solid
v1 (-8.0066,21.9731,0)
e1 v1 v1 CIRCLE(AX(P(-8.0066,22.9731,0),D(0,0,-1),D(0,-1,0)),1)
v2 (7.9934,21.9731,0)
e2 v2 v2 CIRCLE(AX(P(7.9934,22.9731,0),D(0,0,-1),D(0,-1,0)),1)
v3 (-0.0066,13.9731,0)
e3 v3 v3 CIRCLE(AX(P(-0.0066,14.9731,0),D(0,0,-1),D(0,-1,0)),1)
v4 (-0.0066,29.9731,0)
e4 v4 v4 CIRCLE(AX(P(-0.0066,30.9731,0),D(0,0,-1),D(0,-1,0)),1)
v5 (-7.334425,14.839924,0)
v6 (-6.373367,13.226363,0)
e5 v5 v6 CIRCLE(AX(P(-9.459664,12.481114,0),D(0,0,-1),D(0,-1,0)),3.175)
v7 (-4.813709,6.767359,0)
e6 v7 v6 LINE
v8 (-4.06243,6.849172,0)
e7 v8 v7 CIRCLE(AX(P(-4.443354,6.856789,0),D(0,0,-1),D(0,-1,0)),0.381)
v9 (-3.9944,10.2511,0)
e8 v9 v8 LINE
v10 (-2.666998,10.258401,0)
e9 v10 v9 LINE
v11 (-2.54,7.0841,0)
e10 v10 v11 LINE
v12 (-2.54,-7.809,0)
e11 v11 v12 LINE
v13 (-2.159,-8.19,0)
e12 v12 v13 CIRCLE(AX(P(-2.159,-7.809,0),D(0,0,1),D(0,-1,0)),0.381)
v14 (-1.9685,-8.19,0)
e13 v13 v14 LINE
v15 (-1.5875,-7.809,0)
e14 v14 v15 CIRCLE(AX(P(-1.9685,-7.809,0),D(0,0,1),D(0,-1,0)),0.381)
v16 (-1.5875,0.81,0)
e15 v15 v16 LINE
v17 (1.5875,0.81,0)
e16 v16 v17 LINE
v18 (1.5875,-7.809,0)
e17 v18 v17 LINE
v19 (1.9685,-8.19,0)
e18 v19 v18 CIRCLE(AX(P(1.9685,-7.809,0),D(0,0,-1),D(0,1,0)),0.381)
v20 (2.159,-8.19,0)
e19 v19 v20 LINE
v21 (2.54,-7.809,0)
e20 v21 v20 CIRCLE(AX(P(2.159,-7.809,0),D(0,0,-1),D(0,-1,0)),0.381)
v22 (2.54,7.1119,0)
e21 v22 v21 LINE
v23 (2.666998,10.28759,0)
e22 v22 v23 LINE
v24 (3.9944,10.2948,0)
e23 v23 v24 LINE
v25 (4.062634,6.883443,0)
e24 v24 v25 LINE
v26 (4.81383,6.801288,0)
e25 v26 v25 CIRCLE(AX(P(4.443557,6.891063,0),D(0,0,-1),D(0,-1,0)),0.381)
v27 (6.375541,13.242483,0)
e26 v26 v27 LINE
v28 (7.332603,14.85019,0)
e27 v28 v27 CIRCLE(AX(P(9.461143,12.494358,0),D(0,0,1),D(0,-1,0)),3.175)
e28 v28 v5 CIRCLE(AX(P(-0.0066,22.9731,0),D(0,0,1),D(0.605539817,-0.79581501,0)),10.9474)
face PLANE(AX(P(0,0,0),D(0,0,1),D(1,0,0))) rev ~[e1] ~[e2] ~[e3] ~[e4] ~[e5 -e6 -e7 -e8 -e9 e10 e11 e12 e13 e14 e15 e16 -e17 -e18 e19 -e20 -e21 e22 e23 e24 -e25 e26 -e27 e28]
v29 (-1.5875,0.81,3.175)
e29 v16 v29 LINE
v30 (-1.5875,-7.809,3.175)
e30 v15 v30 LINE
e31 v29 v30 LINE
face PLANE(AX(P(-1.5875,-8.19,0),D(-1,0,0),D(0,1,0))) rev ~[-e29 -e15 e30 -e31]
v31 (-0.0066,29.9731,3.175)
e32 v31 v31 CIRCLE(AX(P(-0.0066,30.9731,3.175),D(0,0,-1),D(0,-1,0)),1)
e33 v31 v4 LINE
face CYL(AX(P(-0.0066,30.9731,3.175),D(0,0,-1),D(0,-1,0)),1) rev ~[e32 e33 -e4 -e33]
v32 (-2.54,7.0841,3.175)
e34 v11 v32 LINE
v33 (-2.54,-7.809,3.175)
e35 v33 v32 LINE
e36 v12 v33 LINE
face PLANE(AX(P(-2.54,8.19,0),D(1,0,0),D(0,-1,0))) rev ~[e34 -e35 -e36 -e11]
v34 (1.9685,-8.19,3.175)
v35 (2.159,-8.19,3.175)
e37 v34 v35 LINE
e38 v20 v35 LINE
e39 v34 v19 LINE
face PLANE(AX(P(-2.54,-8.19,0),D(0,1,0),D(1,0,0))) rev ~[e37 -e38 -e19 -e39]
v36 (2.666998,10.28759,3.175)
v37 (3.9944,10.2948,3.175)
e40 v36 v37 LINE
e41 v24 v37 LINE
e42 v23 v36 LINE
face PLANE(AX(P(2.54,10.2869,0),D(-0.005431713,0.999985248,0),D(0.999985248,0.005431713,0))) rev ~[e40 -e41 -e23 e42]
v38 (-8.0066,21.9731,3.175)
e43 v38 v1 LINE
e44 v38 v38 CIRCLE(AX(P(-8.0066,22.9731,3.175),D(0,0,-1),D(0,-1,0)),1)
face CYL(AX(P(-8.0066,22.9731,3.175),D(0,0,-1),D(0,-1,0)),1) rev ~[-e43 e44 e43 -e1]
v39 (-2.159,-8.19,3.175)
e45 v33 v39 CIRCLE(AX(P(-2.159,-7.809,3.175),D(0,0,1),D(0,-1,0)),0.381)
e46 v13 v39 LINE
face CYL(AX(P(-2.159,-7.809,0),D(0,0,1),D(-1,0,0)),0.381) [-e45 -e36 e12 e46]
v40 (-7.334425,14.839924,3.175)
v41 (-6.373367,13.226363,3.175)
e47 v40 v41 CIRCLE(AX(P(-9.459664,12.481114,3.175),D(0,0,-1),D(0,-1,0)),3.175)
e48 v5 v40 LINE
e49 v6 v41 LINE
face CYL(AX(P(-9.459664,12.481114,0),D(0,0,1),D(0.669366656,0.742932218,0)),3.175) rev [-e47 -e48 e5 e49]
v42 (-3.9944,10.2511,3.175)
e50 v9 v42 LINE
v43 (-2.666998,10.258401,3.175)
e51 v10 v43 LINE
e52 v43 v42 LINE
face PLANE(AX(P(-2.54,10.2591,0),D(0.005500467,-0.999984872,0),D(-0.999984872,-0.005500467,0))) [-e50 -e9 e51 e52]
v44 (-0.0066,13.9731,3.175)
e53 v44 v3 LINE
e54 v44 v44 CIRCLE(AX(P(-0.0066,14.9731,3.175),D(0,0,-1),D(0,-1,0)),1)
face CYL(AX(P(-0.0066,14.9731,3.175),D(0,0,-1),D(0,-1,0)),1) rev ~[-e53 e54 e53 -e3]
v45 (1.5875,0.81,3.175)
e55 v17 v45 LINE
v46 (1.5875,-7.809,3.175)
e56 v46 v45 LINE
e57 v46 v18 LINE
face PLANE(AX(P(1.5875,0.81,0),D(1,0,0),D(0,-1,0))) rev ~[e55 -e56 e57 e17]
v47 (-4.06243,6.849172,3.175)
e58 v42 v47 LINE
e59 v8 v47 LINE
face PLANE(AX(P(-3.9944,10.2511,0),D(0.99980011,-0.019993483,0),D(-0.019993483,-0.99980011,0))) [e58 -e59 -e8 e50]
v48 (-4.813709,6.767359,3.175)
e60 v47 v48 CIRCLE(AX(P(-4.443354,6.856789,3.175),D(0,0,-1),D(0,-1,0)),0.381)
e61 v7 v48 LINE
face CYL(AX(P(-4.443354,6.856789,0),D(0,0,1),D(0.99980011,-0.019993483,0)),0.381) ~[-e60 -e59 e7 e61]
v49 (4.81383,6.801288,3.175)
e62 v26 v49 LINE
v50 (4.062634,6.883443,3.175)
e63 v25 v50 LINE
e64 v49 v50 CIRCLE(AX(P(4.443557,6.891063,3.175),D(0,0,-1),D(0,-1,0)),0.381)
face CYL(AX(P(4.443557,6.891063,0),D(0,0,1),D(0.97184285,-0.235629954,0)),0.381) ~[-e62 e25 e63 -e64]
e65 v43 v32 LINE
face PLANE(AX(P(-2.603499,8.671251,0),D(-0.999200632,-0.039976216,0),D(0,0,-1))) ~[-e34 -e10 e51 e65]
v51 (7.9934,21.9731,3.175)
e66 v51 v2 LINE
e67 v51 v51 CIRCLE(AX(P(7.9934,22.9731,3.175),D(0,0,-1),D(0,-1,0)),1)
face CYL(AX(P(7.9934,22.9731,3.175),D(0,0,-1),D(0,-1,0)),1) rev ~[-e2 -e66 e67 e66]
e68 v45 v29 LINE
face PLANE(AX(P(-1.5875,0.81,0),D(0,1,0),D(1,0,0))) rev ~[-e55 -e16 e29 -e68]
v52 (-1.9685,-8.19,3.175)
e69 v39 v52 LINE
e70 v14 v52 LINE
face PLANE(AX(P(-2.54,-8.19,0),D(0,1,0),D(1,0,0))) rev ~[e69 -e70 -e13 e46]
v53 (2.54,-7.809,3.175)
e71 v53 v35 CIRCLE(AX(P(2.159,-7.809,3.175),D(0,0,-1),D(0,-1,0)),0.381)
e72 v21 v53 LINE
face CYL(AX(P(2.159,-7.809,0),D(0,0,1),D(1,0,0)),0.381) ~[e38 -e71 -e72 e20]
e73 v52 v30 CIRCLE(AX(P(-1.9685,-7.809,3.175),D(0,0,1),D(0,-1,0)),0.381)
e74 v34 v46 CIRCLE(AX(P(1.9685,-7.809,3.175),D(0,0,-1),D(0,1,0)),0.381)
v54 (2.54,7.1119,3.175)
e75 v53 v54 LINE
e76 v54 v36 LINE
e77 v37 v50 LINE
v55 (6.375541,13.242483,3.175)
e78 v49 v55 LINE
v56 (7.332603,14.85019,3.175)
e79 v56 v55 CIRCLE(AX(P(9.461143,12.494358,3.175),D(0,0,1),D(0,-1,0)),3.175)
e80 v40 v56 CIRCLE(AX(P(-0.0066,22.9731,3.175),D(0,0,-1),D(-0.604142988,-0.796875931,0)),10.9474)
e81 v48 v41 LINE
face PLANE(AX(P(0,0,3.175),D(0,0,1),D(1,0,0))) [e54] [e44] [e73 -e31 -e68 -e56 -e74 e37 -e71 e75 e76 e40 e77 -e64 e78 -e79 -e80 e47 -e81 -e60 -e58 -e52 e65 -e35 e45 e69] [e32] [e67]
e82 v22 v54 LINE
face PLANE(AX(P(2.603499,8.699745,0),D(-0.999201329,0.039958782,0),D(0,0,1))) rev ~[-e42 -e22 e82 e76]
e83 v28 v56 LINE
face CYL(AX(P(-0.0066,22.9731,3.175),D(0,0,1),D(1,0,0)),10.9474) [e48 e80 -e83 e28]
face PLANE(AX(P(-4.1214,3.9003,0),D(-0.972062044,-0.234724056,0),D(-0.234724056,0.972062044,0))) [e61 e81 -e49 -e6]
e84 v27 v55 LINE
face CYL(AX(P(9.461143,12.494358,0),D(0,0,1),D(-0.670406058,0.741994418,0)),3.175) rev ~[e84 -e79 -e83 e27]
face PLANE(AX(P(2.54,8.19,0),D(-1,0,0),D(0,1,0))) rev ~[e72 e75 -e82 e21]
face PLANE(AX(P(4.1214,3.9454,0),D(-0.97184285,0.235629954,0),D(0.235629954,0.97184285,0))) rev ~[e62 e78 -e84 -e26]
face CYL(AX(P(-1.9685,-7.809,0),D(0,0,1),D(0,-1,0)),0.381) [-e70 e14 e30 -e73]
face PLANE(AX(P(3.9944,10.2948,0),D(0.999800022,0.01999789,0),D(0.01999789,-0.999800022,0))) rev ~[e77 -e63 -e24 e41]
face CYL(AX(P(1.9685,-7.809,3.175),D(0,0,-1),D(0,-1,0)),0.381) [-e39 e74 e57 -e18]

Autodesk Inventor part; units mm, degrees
ref_plane "YZ Plane" through (0, 0, 0) normal (1, 0, 0) x (0, 1, 0)
ref_plane "XZ Plane" through (0, 0, 0) normal (0, 1, 0) x (-1, 0, 0)
ref_plane "XY Plane" through (0, 0, 0) normal (0, 0, 1) x (1, 0, 0)
ref_plane "Work Plane1" through (0, -7.809, 0) normal (-1, 0, 0) x (0, 0, 1)
ref_plane "Work Plane2" through (0, 0, 1.5875) normal (0, 0, 1) x (1, 0, 0)
sketch "Sketch1" plane through (0, 0, 0) normal (0, 0, 1) x (1, 0, 0)
  line L0 (-2.54, -8.19) -> (2.54, -8.19)
  line L1 (2.54, -8.19) -> (2.54, 8.19)
  line L2 (-2.54, 8.19) -> (-2.54, -8.19)
  line L3 (-2.54, -8.19) -> (2.54, 8.19) construction
  line L4 (2.54, -8.19) -> (-2.54, 8.19) construction
  circle A0 centre (0, 16.6545) radius 2.5 construction
  circle A1 centre (0, 16.6545) radius 5
  arc A2 (6.8029, 15.0051) -> (-6.8044, 15.0114) centre (0, 16.6545) ccw
  line L5 (-2.54, 8.19) -> (-2.54, 10.2591)
  line L6 (2.54, 8.19) -> (2.54, 10.2869)
  line L7 (0, 0) -> (0, 10.7842) construction
  line L8 (-2.54, 10.2591) -> (-3.9944, 10.2511)
  line L9 (2.54, 10.2869) -> (3.9944, 10.2948)
  line L10 (-3.9944, 10.2511) -> (-4.1214, 3.9003)
  line L11 (3.9944, 10.2948) -> (4.1214, 3.9454)
  line L12 (-4.1214, 3.9003) -> (-6.8044, 15.0114)
  line L13 (4.1214, 3.9454) -> (6.8029, 15.0051)
  line L14 (0, 0) -> (0, 22.9511) construction
  point P0 (-3.2672, 10.2551)
  dimension "d16" = 0
  dimension "d2" = 5
  dimension "d3" = 10
  dimension "d4" = 14
  dimension "d8" = 1.5815
  dimension "d9" = 1.5815
  dimension "d10" = 6.35
  dimension "d11" = 6.35
  dimension "d18" = 1.4545
  dimension "d19" = 1.4545
  dimension "d31" = 2.54
  dimension "d32" = 2.54
  dimension "d33" = 0
extrude "Plate1" add sketch "Sketch1" along normal blind 3.175
sketch "Sketch2" plane through (0, 0, 0) normal (0, 0, -1) x (-1, 0, 0)
  circle A0 centre (0, 16.6545) radius 5 projected
  line L0 (-3.9944, 10.2948) -> (-4.1214, 3.9454) projected
  line L1 (-2.54, 10.2869) -> (-3.9944, 10.2948) projected
  line L2 (-2.54, -8.19) -> (-2.54, 10.2869) projected
  line L3 (2.54, -8.19) -> (-2.54, -8.19) projected
  line L4 (2.54, 10.2591) -> (2.54, -8.19) projected
  line L5 (3.9944, 10.2511) -> (2.54, 10.2591) projected
  line L6 (4.1214, 3.9003) -> (3.9944, 10.2511) projected
  line L7 (6.8044, 15.0114) -> (4.1214, 3.9003) projected
  arc A1 (6.8044, 15.0114) -> (-6.8029, 15.0051) centre (0, 16.6545) ccw projected
  line L8 (-4.1214, 3.9454) -> (-6.8029, 15.0051) projected
  line L9 (-1.5875, -17.19) -> (1.5875, -17.19)
  line L10 (1.5875, -17.19) -> (1.5875, 0.81)
  line L11 (1.5875, 0.81) -> (-1.5875, 0.81)
  line L12 (-1.5875, 0.81) -> (-1.5875, -17.19)
  line L13 (-1.5875, -17.19) -> (1.5875, 0.81) construction
  line L14 (1.5875, -17.19) -> (-1.5875, 0.81) construction
  point P0 (0, 0)
  point P1 (0, -8.19)
  dimension "d14" = 3.175
extrude "Extrusion1" cut sketch "Sketch2" against normal blind 25.4 contours L12 L11 L10 L3 | L3 L10 L9 L12
sketch "Sketch3" plane through (0, 0, 3.175) normal (0, 0, 1) x (1, 0, 0)
  circle A0 centre (-37.757, 0) radius 3
  line L0 (-39.3445, -2.5456) -> (-36.1695, -2.5456)
  line L1 (-36.1695, -2.5456) -> (-36.1695, 2.5456)
  line L2 (-36.1695, 2.5456) -> (-39.3445, 2.5456)
  line L3 (-39.3445, 2.5456) -> (-39.3445, -2.5456)
  line L4 (-39.3445, -2.5456) -> (-36.1695, 2.5456) construction
  line L5 (-36.1695, -2.5456) -> (-39.3445, 2.5456) construction
  circle A1 centre (-37.757, 0) radius 4
  point P0 (0, 0)
  point P1 (-37.757, 3)
  point P2 (-37.757, 4)
  dimension "d35" = 8
  dimension "d28" = 6
  dimension "d29" = 3.175
  dimension "d30" = 5.0911
  dimension "d34" = 0.4545
  dimension "d36" = 1.4545
fillet "Fillet4" radius 0.381 6 edges at (-4.1214, 3.9003, 1.5875) (4.1214, 3.9454, 1.5875) (-2.54, -8.19, 1.5875) (-1.5875, -8.19, 1.5875) (1.5875, -8.19, 1.5875) (2.54, -8.19, 1.5875)
sketch "Sketch4" plane through (0, 0, 3.175) normal (0, 0, 1) x (1, 0, 0)
  arc A0 (2.159, -8.19) -> (2.54, -7.809) centre (2.159, -7.809) ccw projected
  line L0 (2.54, 10.2869) -> (2.54, -7.809) projected
  line L1 (3.9944, 10.2948) -> (2.54, 10.2869) projected
  line L2 (4.0627, 6.8835) -> (3.9944, 10.2948) projected
  arc A1 (4.0627, 6.8835) -> (4.8139, 6.8013) centre (4.4436, 6.8911) ccw projected
  line L3 (6.8029, 15.0051) -> (4.8139, 6.8013) projected
  arc A2 (6.8029, 15.0051) -> (-6.8044, 15.0114) centre (0, 16.6545) ccw projected
  line L4 (-4.8137, 6.7674) -> (-6.8044, 15.0114) projected
  arc A3 (-4.8137, 6.7674) -> (-4.0625, 6.8492) centre (-4.4434, 6.8568) ccw projected
  line L5 (-3.9944, 10.2511) -> (-4.0625, 6.8492) projected
  line L6 (-2.54, 10.2591) -> (-3.9944, 10.2511) projected
  line L7 (-2.54, -7.809) -> (-2.54, 10.2591) projected
  arc A4 (-2.54, -7.809) -> (-2.159, -8.19) centre (-2.159, -7.809) ccw projected
  line L8 (-1.9685, -8.19) -> (-2.159, -8.19) projected
  arc A5 (-1.9685, -8.19) -> (-1.5875, -7.809) centre (-1.9685, -7.809) ccw projected
  line L9 (-1.5875, -7.809) -> (-1.5875, 0.81) projected
  line L10 (-1.5875, 0.81) -> (1.5875, 0.81) projected
  line L11 (1.5875, 0.81) -> (1.5875, -7.809) projected
  arc A6 (1.5875, -7.809) -> (1.9685, -8.19) centre (1.9685, -7.809) ccw projected
  line L12 (2.159, -8.19) -> (1.9685, -8.19) projected
  circle A7 centre (0, 16.6545) radius 5 projected
  point P0 (0, 0)
extrude "Extrusion2" add sketch "Sketch4" against normal up to surface (3.175 mm away) contours A7
sketch "Sketch5" plane through (0, 0, 3.175) normal (0, 0, 1) x (1, 0, 0)
  arc A0 (2.159, -8.19) -> (2.54, -7.809) centre (2.159, -7.809) ccw projected
  line L0 (2.54, 10.2869) -> (2.54, -7.809) projected
  line L1 (3.9944, 10.2948) -> (2.54, 10.2869) projected
  line L2 (4.0627, 6.8835) -> (3.9944, 10.2948) projected
  arc A1 (4.0627, 6.8835) -> (4.8139, 6.8013) centre (4.4436, 6.8911) ccw projected
  line L3 (6.8029, 15.0051) -> (4.8139, 6.8013) projected
  arc A2 (6.8029, 15.0051) -> (-6.8044, 15.0114) centre (0, 16.6545) ccw projected
  line L4 (-4.8137, 6.7674) -> (-6.8044, 15.0114) projected
  arc A3 (-4.8137, 6.7674) -> (-4.0625, 6.8492) centre (-4.4434, 6.8568) ccw projected
  line L5 (-3.9944, 10.2511) -> (-4.0625, 6.8492) projected
  line L6 (-2.54, 10.2591) -> (-3.9944, 10.2511) projected
  line L7 (-2.54, -7.809) -> (-2.54, 10.2591) projected
  arc A4 (-2.54, -7.809) -> (-2.159, -8.19) centre (-2.159, -7.809) ccw projected
  line L8 (-1.9685, -8.19) -> (-2.159, -8.19) projected
  arc A5 (-1.9685, -8.19) -> (-1.5875, -7.809) centre (-1.9685, -7.809) ccw projected
  line L9 (-1.5875, -7.809) -> (-1.5875, 0.81) projected
  line L10 (-1.5875, 0.81) -> (1.5875, 0.81) projected
  line L11 (1.5875, 0.81) -> (1.5875, -7.809) projected
  arc A6 (1.5875, -7.809) -> (1.9685, -8.19) centre (1.9685, -7.809) ccw projected
  line L12 (2.159, -8.19) -> (1.9685, -8.19) projected
  arc A7 (1.5644, 14.7045) -> (-1.5644, 14.7045) centre (0, 16.6545) ccw
  line L13 (1.5644, 14.7045) -> (-1.5644, 14.7045)
  point P0 (0, 0)
  point P1 (0, 19.1545)
  dimension "d40" = 5
  dimension "d44" = 4.45
extrude "Extrusion3" cut sketch "Sketch5" against normal blind 25.4 contours L13 A7
sketch "Sketch6" plane through (0, 0, 3.175) normal (0, 0, 1) x (1, 0, 0)
  circle A0 centre (-0.0066, 22.9731) radius 10.9474
  line L0 (3.9944, 10.2948) -> (2.54, 10.2869) projected
  point P0 (0, 0)
  dimension "d45" = 21.8948
  dimension "d46" = 12.7
extrude "Extrusion4" add sketch "Sketch6" against normal up to surface (3.175 mm away)
fillet "Fillet5" radius 3.175 2 edges at (-6.6204, 14.2495, 1.5875) (6.6225, 14.2611, 1.5875)
chamfer "Chamfer3" distance 0.127 distance2 3.175 1 edges at (-2.54, 10.2591, 1.5875) measured on face at (-3.5096, 10.2538, 1.0583)
chamfer "Chamfer4" distance 3.175 distance2 0.127 1 edges at (2.54, 10.2869, 1.5875) measured on face at (2.54, -1.7771, 1.0583)
sketch "Sketch7" plane through (0, 0, 3.175) normal (0, 0, 1) x (1, 0, 0)
  line L0 (-4.8137, 6.7674) -> (-6.3734, 13.2264) projected
  arc A0 (-4.8137, 6.7674) -> (-4.0625, 6.8492) centre (-4.4434, 6.8568) ccw projected
  line L1 (-3.9944, 10.2511) -> (-4.0625, 6.8492) projected
  line L2 (-2.667, 10.2584) -> (-3.9944, 10.2511) projected
  line L3 (-2.54, 7.0841) -> (-2.667, 10.2584) projected
  line L4 (-2.54, -7.809) -> (-2.54, 7.0841) projected
  arc A1 (-2.54, -7.809) -> (-2.159, -8.19) centre (-2.159, -7.809) ccw projected
  line L5 (-1.9685, -8.19) -> (-2.159, -8.19) projected
  arc A2 (-1.9685, -8.19) -> (-1.5875, -7.809) centre (-1.9685, -7.809) ccw projected
  line L6 (-1.5875, -7.809) -> (-1.5875, 0.81) projected
  line L7 (-1.5875, 0.81) -> (1.5875, 0.81) projected
  line L8 (1.5875, 0.81) -> (1.5875, -7.809) projected
  arc A3 (1.5875, -7.809) -> (1.9685, -8.19) centre (1.9685, -7.809) ccw projected
  line L9 (2.159, -8.19) -> (1.9685, -8.19) projected
  arc A4 (2.159, -8.19) -> (2.54, -7.809) centre (2.159, -7.809) ccw projected
  line L10 (2.54, 7.1119) -> (2.54, -7.809) projected
  line L11 (2.667, 10.2876) -> (2.54, 7.1119) projected
  line L12 (3.9944, 10.2948) -> (2.667, 10.2876) projected
  line L13 (4.0627, 6.8835) -> (3.9944, 10.2948) projected
  arc A5 (4.0627, 6.8835) -> (4.8139, 6.8013) centre (4.4436, 6.8911) ccw projected
  line L14 (6.3756, 13.2425) -> (4.8139, 6.8013) projected
  arc A6 (7.3326, 14.8503) -> (6.3756, 13.2425) centre (9.4612, 12.4944) ccw projected
  arc A7 (7.3326, 14.8503) -> (-7.3345, 14.84) centre (-0.0066, 22.9731) ccw projected
  arc A8 (-6.3734, 13.2264) -> (-7.3345, 14.84) centre (-9.4597, 12.4812) ccw projected
  circle A9 centre (-0.0066, 22.9731) radius 8
  point P0 (0, 0)
  point P1 (-0.0066, 14.9731)
  point P2 (-0.0066, 30.9731)
  point P3 (-8.0066, 22.9731)
  point P4 (7.9934, 22.9731)
  dimension "d56" = 16
hole "Hole1" at (-0.0066, 14.9731, 3.175) at (-0.0066, 30.9731, 3.175) at (-8.0066, 22.9731, 3.175) at (7.9934, 22.9731, 3.175) direction (0, 0, -1) diameter 2 end through all
equation "\"d18\" = d36"
equation "\"d19\" = d36"
equation "\"d62\" = Thickness"
equation "\"BendRadius\" = Thickness"
equation "\"BendReliefWidth\" = Thickness"
equation "\"BendReliefDepth\" = 0.5 * Thickness"
equation "\"CornerReliefSize\" = 4 * Thickness"
equation "\"MinimumRemnant\" = 2 * Thickness"
equation "\"TransitionRadius\" = BendRadius"
equation "\"JacobiRadiusSize\" = BendRadius"
equation "\"GapSize\" = Thickness"
equation "\"d12\" = BendRadius"
equation "\"Thickness\" = 3.175"
properties part number "8mm OD 6mm ID Rod End125Dynamixel"
